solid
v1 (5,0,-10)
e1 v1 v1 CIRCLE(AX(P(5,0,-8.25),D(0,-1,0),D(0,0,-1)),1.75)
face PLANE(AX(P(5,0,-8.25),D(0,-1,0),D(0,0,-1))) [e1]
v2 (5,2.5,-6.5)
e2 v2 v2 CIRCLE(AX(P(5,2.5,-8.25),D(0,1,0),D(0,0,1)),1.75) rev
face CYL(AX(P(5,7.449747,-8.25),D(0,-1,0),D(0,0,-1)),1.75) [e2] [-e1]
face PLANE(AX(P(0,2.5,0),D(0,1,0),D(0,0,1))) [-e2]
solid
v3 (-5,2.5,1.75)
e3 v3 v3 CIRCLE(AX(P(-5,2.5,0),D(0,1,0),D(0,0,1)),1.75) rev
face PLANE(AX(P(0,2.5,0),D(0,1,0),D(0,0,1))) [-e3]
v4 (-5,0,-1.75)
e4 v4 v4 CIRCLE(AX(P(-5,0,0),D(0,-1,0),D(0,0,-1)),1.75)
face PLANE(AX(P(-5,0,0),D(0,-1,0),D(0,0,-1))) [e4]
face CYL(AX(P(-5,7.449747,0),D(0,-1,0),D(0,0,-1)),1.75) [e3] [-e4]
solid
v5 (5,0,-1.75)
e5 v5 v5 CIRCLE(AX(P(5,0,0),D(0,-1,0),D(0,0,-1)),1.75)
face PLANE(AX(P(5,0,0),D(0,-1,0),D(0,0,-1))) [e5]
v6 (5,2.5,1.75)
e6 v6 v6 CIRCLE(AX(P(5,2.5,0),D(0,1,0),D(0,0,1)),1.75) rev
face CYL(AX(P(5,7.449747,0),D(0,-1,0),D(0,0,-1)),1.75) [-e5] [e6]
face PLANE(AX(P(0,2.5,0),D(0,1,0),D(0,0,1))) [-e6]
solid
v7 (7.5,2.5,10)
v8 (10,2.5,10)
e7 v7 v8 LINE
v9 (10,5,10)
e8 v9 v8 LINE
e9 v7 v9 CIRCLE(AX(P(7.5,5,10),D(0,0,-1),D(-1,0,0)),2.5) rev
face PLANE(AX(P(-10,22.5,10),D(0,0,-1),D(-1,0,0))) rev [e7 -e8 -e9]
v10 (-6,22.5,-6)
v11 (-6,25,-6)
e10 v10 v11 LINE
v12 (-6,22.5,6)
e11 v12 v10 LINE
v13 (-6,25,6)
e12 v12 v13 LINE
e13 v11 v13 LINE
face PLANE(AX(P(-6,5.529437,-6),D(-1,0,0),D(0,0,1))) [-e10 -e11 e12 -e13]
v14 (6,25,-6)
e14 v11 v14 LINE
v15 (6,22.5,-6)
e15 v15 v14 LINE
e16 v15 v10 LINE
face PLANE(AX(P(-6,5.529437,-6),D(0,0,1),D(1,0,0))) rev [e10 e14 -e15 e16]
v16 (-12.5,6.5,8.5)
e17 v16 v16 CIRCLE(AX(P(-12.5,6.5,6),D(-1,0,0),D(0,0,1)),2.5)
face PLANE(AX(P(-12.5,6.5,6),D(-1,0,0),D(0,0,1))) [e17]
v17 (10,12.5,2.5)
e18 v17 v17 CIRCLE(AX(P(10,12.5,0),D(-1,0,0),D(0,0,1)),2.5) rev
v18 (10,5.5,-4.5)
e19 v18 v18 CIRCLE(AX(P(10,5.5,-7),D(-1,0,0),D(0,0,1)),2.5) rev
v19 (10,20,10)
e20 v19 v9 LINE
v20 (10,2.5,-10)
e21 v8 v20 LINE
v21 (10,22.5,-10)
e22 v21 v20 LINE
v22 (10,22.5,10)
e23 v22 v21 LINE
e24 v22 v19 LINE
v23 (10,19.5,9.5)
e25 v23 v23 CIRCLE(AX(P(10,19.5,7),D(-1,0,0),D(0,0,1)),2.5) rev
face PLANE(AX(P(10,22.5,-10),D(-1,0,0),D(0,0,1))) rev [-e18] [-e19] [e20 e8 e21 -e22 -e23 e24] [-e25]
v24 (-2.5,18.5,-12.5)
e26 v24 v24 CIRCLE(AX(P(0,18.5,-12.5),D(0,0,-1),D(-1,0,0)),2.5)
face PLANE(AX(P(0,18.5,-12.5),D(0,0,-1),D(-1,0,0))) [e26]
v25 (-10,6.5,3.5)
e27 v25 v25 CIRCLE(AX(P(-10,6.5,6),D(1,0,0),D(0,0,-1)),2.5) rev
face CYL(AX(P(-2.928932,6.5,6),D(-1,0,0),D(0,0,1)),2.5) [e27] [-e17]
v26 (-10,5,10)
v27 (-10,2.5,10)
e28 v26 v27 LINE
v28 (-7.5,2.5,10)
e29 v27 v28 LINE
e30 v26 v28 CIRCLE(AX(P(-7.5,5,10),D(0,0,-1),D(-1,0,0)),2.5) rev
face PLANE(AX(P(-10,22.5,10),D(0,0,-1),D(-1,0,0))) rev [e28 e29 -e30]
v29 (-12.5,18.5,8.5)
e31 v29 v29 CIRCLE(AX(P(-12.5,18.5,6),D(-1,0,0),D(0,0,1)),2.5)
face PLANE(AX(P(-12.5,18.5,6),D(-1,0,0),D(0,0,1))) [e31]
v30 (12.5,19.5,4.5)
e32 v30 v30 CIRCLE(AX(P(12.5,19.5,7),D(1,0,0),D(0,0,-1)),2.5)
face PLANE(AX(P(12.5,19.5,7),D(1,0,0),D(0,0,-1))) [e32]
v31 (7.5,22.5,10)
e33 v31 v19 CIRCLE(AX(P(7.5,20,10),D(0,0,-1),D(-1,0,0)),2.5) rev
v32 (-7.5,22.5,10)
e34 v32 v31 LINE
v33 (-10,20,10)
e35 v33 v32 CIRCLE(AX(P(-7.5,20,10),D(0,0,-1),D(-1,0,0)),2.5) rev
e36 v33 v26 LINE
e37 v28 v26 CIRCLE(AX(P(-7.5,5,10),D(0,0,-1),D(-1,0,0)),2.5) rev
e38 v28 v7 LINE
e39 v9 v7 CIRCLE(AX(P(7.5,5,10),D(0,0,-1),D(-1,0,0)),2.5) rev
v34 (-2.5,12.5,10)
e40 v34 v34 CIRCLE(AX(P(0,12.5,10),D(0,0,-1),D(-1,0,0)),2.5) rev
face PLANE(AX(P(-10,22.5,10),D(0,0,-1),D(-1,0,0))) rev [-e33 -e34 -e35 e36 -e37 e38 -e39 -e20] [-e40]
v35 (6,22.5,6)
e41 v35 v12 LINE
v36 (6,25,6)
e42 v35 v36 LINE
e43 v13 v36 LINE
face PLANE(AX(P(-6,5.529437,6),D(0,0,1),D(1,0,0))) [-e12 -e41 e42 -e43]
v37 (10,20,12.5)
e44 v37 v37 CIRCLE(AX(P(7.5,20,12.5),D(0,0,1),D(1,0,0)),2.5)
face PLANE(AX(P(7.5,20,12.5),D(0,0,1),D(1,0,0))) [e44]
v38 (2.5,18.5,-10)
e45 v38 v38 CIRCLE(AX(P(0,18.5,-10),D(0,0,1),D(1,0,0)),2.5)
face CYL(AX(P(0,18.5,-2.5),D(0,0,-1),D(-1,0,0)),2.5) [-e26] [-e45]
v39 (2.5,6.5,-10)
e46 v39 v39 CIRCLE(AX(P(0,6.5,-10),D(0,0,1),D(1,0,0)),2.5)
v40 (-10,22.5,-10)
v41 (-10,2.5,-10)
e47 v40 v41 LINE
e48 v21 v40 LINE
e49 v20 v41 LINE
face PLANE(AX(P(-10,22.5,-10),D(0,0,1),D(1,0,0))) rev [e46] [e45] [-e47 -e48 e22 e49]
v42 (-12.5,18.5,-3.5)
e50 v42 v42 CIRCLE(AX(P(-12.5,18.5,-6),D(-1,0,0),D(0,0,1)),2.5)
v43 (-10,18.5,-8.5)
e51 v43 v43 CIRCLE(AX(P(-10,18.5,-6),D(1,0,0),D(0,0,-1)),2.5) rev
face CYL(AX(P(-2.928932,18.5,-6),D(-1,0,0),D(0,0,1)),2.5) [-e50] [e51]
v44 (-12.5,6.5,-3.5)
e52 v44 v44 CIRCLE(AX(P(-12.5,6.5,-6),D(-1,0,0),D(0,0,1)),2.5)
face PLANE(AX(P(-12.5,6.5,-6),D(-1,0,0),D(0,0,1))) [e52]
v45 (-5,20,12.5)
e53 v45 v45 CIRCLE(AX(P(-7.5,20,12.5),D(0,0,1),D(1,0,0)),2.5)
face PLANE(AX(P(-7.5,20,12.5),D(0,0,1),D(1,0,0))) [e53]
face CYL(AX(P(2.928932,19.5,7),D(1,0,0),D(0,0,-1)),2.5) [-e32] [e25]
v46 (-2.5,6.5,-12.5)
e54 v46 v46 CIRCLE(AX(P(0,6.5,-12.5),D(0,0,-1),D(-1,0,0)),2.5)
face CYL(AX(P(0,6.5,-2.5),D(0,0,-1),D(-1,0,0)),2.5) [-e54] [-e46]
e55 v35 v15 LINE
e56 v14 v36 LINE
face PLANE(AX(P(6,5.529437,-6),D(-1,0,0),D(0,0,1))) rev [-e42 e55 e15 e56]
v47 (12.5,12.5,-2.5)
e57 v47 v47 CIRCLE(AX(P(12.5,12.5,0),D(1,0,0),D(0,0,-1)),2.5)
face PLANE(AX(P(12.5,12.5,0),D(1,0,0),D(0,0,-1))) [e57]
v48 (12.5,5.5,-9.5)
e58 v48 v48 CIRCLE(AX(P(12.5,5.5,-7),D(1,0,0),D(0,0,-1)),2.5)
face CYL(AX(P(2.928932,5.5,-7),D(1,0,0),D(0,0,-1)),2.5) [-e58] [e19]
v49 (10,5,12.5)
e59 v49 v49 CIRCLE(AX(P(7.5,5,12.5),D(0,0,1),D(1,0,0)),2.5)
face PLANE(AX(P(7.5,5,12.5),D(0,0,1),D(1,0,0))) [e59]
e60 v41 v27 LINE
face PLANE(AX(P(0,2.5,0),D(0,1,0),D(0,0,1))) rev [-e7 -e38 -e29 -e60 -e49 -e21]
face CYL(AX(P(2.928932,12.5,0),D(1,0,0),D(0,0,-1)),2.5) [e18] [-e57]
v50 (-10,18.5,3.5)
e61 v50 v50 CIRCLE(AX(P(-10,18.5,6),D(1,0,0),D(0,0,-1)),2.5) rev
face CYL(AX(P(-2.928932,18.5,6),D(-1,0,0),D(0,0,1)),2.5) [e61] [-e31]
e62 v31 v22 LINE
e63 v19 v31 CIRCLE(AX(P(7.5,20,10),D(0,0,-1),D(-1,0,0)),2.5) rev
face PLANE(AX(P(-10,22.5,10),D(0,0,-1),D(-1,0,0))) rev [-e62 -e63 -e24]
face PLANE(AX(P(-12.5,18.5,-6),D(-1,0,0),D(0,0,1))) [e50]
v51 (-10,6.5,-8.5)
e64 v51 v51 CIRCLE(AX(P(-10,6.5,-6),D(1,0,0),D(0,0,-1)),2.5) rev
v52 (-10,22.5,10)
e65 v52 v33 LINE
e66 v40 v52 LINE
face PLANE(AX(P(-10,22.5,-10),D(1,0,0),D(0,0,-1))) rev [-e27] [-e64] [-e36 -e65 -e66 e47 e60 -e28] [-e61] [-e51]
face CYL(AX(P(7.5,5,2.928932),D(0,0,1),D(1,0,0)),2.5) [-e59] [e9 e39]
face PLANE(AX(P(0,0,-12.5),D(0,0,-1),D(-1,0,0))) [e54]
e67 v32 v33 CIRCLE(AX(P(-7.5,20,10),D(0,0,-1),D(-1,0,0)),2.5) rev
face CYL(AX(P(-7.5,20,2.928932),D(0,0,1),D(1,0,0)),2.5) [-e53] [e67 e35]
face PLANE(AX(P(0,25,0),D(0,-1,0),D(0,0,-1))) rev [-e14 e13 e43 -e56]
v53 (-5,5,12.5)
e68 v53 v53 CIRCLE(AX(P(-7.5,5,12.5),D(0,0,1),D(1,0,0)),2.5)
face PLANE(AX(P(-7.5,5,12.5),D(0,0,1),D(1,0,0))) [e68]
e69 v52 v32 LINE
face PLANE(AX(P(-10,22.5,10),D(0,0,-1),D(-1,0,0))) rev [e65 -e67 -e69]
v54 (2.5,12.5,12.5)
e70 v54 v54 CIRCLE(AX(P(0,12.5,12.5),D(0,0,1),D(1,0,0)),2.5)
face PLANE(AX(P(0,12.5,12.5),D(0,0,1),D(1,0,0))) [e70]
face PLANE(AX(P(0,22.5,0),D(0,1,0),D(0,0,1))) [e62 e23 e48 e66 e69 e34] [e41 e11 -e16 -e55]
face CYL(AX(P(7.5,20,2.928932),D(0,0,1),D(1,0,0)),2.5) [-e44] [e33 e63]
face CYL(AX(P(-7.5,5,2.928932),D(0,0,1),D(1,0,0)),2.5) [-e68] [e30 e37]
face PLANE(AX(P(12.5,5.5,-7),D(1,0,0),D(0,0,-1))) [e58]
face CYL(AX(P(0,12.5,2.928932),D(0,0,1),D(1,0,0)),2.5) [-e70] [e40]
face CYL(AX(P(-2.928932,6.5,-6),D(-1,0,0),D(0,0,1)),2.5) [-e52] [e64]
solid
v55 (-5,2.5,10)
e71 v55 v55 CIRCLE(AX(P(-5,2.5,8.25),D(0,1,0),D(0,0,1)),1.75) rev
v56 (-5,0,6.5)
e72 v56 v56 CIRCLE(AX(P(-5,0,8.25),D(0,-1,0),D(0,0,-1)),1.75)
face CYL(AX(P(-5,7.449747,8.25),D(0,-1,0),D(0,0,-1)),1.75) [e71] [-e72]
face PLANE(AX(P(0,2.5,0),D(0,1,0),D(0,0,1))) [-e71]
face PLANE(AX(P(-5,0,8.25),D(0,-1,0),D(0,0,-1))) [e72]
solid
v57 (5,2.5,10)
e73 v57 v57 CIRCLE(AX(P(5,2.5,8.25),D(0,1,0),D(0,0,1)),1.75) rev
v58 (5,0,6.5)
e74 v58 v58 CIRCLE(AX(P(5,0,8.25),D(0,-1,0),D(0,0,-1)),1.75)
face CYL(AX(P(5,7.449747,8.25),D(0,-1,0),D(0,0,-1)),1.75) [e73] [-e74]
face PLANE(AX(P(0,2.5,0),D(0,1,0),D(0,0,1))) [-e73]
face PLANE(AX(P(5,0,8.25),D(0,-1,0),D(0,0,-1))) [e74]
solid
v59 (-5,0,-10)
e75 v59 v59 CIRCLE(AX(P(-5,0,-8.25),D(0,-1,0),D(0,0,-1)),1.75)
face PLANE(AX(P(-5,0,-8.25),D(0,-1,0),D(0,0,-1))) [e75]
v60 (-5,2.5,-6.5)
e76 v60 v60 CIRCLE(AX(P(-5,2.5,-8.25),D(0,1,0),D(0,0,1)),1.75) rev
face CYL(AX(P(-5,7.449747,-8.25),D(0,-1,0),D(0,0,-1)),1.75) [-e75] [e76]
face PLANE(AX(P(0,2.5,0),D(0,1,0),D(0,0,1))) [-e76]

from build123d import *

# Parameters (mm, degrees)
SKETCH1_W             = 25
SKETCH1_H             = 25
BOSS_EXTRUDE1_DEPTH   = 25
SCALE1_SCALE          = 0.8
SKETCH3_R             = 1.75
BOSS_EXTRUDE2_DEPTH   = 2.5
BOSS_EXTRUDE2_2_DEPTH = 2.5
BOSS_EXTRUDE2_3_DEPTH = 2.5
BOSS_EXTRUDE2_4_DEPTH = 2.5
BOSS_EXTRUDE2_5_DEPTH = 2.5
BOSS_EXTRUDE2_6_DEPTH = 2.5
SKETCH7_R             = 2.5
BOSS_EXTRUDE3_DEPTH   = 2.5
SKETCH5_R             = 2.5
BOSS_EXTRUDE4_DEPTH   = 2.5
SKETCH4_R             = 2.5
BOSS_EXTRUDE5_DEPTH   = 2.5
SKETCH2_W             = 12
SKETCH2_H             = 12
BOSS_EXTRUDE7_DEPTH   = 2.5
SKETCH8_R             = 2.5
BOSS_EXTRUDE8_DEPTH   = 10


with BuildPart() as part:
    # Sketch1 → Boss-Extrude1 (new body)
    with BuildSketch(Plane(origin=(0, 0, 0), x_dir=(1, 0, 0), z_dir=(0, 1, 0))):
        Rectangle(SKETCH1_W, SKETCH1_H)
    extrude(amount=BOSS_EXTRUDE1_DEPTH)


with BuildPart() as part_1:
    # Scale1: scaled about (0, 12.5, 0)
    add(part.part.scale(SCALE1_SCALE).moved(Location((0, 2.5, 0))))

    # Sketch7 → Boss-Extrude3 (add)
    with BuildSketch(Plane.XY.offset(12.5)):
        with Locations((-7.5, 20)):
            Circle(SKETCH7_R)
        with Locations((0, 12.5)):
            Circle(SKETCH7_R)
        with Locations((7.5, 20)):
            Circle(SKETCH7_R)
        with Locations((7.5, 5)):
            Circle(SKETCH7_R)
        with Locations((-7.5, 5)):
            Circle(SKETCH7_R)
    extrude(amount=-BOSS_EXTRUDE3_DEPTH)

    # Sketch5 → Boss-Extrude4 (add)
    with BuildSketch(Plane.ZY.offset(12.5)):
        with Locations((-6, 18.5)):
            Circle(SKETCH5_R)
        with Locations((6, 18.5)):
            Circle(SKETCH5_R)
        with Locations((6, 6.5)):
            Circle(SKETCH5_R)
        with Locations((-6, 6.5)):
            Circle(SKETCH5_R)
    extrude(amount=-BOSS_EXTRUDE4_DEPTH)

    # Sketch4 → Boss-Extrude5 (add)
    with BuildSketch(Plane(origin=(12.5, 0, 0), x_dir=(0, 0, -1), z_dir=(1, 0, 0))):
        with Locations((-7, 19.5)):
            Circle(SKETCH4_R)
        with Locations((0, 12.5)):
            Circle(SKETCH4_R)
        with Locations((7, 5.5)):
            Circle(SKETCH4_R)
    extrude(amount=-BOSS_EXTRUDE5_DEPTH)

    # Sketch2 → Boss-Extrude7 (add)
    with BuildSketch(Plane(origin=(0, 25, 0), x_dir=(1, 0, 0), z_dir=(0, 1, 0))):
        Rectangle(SKETCH2_W, SKETCH2_H)
    extrude(amount=-BOSS_EXTRUDE7_DEPTH)

    # Sketch8 → Boss-Extrude8 (add)
    with BuildSketch(Plane(origin=(0, 0, -12.5), x_dir=(-1, 0, 0), z_dir=(0, 0, -1))):
        with Locations((0, 6.5)):
            Circle(SKETCH8_R)
        with Locations((0, 18.5)):
            Circle(SKETCH8_R)
    extrude(amount=-BOSS_EXTRUDE8_DEPTH)


with BuildPart() as body_2:
    # Sketch3 → Boss-Extrude2 (new body)
    with BuildSketch(Plane.XZ):
        with Locations((-5, 8.25)):
            Circle(SKETCH3_R)
    extrude(amount=-BOSS_EXTRUDE2_DEPTH)


with BuildPart() as body_3:
    # Sketch3 → Boss-Extrude2 2 (new body)
    with BuildSketch(Plane.XZ):
        with Locations((-5, 0)):
            Circle(SKETCH3_R)
    extrude(amount=-BOSS_EXTRUDE2_2_DEPTH)


with BuildPart() as body_4:
    # Sketch3 → Boss-Extrude2 3 (new body)
    with BuildSketch(Plane.XZ):
        with Locations((-5, -8.25)):
            Circle(SKETCH3_R)
    extrude(amount=-BOSS_EXTRUDE2_3_DEPTH)


with BuildPart() as body_5:
    # Sketch3 → Boss-Extrude2 4 (new body)
    with BuildSketch(Plane.XZ):
        with Locations((5, 8.25)):
            Circle(SKETCH3_R)
    extrude(amount=-BOSS_EXTRUDE2_4_DEPTH)


with BuildPart() as body_6:
    # Sketch3 → Boss-Extrude2 5 (new body)
    with BuildSketch(Plane.XZ):
        with Locations((5, 0)):
            Circle(SKETCH3_R)
    extrude(amount=-BOSS_EXTRUDE2_5_DEPTH)


with BuildPart() as body_7:
    # Sketch3 → Boss-Extrude2 6 (new body)
    with BuildSketch(Plane.XZ):
        with Locations((5, -8.25)):
            Circle(SKETCH3_R)
    extrude(amount=-BOSS_EXTRUDE2_6_DEPTH)


solid = Compound([part_1.part, body_2.part, body_3.part, body_4.part, body_5.part, body_6.part, body_7.part])
